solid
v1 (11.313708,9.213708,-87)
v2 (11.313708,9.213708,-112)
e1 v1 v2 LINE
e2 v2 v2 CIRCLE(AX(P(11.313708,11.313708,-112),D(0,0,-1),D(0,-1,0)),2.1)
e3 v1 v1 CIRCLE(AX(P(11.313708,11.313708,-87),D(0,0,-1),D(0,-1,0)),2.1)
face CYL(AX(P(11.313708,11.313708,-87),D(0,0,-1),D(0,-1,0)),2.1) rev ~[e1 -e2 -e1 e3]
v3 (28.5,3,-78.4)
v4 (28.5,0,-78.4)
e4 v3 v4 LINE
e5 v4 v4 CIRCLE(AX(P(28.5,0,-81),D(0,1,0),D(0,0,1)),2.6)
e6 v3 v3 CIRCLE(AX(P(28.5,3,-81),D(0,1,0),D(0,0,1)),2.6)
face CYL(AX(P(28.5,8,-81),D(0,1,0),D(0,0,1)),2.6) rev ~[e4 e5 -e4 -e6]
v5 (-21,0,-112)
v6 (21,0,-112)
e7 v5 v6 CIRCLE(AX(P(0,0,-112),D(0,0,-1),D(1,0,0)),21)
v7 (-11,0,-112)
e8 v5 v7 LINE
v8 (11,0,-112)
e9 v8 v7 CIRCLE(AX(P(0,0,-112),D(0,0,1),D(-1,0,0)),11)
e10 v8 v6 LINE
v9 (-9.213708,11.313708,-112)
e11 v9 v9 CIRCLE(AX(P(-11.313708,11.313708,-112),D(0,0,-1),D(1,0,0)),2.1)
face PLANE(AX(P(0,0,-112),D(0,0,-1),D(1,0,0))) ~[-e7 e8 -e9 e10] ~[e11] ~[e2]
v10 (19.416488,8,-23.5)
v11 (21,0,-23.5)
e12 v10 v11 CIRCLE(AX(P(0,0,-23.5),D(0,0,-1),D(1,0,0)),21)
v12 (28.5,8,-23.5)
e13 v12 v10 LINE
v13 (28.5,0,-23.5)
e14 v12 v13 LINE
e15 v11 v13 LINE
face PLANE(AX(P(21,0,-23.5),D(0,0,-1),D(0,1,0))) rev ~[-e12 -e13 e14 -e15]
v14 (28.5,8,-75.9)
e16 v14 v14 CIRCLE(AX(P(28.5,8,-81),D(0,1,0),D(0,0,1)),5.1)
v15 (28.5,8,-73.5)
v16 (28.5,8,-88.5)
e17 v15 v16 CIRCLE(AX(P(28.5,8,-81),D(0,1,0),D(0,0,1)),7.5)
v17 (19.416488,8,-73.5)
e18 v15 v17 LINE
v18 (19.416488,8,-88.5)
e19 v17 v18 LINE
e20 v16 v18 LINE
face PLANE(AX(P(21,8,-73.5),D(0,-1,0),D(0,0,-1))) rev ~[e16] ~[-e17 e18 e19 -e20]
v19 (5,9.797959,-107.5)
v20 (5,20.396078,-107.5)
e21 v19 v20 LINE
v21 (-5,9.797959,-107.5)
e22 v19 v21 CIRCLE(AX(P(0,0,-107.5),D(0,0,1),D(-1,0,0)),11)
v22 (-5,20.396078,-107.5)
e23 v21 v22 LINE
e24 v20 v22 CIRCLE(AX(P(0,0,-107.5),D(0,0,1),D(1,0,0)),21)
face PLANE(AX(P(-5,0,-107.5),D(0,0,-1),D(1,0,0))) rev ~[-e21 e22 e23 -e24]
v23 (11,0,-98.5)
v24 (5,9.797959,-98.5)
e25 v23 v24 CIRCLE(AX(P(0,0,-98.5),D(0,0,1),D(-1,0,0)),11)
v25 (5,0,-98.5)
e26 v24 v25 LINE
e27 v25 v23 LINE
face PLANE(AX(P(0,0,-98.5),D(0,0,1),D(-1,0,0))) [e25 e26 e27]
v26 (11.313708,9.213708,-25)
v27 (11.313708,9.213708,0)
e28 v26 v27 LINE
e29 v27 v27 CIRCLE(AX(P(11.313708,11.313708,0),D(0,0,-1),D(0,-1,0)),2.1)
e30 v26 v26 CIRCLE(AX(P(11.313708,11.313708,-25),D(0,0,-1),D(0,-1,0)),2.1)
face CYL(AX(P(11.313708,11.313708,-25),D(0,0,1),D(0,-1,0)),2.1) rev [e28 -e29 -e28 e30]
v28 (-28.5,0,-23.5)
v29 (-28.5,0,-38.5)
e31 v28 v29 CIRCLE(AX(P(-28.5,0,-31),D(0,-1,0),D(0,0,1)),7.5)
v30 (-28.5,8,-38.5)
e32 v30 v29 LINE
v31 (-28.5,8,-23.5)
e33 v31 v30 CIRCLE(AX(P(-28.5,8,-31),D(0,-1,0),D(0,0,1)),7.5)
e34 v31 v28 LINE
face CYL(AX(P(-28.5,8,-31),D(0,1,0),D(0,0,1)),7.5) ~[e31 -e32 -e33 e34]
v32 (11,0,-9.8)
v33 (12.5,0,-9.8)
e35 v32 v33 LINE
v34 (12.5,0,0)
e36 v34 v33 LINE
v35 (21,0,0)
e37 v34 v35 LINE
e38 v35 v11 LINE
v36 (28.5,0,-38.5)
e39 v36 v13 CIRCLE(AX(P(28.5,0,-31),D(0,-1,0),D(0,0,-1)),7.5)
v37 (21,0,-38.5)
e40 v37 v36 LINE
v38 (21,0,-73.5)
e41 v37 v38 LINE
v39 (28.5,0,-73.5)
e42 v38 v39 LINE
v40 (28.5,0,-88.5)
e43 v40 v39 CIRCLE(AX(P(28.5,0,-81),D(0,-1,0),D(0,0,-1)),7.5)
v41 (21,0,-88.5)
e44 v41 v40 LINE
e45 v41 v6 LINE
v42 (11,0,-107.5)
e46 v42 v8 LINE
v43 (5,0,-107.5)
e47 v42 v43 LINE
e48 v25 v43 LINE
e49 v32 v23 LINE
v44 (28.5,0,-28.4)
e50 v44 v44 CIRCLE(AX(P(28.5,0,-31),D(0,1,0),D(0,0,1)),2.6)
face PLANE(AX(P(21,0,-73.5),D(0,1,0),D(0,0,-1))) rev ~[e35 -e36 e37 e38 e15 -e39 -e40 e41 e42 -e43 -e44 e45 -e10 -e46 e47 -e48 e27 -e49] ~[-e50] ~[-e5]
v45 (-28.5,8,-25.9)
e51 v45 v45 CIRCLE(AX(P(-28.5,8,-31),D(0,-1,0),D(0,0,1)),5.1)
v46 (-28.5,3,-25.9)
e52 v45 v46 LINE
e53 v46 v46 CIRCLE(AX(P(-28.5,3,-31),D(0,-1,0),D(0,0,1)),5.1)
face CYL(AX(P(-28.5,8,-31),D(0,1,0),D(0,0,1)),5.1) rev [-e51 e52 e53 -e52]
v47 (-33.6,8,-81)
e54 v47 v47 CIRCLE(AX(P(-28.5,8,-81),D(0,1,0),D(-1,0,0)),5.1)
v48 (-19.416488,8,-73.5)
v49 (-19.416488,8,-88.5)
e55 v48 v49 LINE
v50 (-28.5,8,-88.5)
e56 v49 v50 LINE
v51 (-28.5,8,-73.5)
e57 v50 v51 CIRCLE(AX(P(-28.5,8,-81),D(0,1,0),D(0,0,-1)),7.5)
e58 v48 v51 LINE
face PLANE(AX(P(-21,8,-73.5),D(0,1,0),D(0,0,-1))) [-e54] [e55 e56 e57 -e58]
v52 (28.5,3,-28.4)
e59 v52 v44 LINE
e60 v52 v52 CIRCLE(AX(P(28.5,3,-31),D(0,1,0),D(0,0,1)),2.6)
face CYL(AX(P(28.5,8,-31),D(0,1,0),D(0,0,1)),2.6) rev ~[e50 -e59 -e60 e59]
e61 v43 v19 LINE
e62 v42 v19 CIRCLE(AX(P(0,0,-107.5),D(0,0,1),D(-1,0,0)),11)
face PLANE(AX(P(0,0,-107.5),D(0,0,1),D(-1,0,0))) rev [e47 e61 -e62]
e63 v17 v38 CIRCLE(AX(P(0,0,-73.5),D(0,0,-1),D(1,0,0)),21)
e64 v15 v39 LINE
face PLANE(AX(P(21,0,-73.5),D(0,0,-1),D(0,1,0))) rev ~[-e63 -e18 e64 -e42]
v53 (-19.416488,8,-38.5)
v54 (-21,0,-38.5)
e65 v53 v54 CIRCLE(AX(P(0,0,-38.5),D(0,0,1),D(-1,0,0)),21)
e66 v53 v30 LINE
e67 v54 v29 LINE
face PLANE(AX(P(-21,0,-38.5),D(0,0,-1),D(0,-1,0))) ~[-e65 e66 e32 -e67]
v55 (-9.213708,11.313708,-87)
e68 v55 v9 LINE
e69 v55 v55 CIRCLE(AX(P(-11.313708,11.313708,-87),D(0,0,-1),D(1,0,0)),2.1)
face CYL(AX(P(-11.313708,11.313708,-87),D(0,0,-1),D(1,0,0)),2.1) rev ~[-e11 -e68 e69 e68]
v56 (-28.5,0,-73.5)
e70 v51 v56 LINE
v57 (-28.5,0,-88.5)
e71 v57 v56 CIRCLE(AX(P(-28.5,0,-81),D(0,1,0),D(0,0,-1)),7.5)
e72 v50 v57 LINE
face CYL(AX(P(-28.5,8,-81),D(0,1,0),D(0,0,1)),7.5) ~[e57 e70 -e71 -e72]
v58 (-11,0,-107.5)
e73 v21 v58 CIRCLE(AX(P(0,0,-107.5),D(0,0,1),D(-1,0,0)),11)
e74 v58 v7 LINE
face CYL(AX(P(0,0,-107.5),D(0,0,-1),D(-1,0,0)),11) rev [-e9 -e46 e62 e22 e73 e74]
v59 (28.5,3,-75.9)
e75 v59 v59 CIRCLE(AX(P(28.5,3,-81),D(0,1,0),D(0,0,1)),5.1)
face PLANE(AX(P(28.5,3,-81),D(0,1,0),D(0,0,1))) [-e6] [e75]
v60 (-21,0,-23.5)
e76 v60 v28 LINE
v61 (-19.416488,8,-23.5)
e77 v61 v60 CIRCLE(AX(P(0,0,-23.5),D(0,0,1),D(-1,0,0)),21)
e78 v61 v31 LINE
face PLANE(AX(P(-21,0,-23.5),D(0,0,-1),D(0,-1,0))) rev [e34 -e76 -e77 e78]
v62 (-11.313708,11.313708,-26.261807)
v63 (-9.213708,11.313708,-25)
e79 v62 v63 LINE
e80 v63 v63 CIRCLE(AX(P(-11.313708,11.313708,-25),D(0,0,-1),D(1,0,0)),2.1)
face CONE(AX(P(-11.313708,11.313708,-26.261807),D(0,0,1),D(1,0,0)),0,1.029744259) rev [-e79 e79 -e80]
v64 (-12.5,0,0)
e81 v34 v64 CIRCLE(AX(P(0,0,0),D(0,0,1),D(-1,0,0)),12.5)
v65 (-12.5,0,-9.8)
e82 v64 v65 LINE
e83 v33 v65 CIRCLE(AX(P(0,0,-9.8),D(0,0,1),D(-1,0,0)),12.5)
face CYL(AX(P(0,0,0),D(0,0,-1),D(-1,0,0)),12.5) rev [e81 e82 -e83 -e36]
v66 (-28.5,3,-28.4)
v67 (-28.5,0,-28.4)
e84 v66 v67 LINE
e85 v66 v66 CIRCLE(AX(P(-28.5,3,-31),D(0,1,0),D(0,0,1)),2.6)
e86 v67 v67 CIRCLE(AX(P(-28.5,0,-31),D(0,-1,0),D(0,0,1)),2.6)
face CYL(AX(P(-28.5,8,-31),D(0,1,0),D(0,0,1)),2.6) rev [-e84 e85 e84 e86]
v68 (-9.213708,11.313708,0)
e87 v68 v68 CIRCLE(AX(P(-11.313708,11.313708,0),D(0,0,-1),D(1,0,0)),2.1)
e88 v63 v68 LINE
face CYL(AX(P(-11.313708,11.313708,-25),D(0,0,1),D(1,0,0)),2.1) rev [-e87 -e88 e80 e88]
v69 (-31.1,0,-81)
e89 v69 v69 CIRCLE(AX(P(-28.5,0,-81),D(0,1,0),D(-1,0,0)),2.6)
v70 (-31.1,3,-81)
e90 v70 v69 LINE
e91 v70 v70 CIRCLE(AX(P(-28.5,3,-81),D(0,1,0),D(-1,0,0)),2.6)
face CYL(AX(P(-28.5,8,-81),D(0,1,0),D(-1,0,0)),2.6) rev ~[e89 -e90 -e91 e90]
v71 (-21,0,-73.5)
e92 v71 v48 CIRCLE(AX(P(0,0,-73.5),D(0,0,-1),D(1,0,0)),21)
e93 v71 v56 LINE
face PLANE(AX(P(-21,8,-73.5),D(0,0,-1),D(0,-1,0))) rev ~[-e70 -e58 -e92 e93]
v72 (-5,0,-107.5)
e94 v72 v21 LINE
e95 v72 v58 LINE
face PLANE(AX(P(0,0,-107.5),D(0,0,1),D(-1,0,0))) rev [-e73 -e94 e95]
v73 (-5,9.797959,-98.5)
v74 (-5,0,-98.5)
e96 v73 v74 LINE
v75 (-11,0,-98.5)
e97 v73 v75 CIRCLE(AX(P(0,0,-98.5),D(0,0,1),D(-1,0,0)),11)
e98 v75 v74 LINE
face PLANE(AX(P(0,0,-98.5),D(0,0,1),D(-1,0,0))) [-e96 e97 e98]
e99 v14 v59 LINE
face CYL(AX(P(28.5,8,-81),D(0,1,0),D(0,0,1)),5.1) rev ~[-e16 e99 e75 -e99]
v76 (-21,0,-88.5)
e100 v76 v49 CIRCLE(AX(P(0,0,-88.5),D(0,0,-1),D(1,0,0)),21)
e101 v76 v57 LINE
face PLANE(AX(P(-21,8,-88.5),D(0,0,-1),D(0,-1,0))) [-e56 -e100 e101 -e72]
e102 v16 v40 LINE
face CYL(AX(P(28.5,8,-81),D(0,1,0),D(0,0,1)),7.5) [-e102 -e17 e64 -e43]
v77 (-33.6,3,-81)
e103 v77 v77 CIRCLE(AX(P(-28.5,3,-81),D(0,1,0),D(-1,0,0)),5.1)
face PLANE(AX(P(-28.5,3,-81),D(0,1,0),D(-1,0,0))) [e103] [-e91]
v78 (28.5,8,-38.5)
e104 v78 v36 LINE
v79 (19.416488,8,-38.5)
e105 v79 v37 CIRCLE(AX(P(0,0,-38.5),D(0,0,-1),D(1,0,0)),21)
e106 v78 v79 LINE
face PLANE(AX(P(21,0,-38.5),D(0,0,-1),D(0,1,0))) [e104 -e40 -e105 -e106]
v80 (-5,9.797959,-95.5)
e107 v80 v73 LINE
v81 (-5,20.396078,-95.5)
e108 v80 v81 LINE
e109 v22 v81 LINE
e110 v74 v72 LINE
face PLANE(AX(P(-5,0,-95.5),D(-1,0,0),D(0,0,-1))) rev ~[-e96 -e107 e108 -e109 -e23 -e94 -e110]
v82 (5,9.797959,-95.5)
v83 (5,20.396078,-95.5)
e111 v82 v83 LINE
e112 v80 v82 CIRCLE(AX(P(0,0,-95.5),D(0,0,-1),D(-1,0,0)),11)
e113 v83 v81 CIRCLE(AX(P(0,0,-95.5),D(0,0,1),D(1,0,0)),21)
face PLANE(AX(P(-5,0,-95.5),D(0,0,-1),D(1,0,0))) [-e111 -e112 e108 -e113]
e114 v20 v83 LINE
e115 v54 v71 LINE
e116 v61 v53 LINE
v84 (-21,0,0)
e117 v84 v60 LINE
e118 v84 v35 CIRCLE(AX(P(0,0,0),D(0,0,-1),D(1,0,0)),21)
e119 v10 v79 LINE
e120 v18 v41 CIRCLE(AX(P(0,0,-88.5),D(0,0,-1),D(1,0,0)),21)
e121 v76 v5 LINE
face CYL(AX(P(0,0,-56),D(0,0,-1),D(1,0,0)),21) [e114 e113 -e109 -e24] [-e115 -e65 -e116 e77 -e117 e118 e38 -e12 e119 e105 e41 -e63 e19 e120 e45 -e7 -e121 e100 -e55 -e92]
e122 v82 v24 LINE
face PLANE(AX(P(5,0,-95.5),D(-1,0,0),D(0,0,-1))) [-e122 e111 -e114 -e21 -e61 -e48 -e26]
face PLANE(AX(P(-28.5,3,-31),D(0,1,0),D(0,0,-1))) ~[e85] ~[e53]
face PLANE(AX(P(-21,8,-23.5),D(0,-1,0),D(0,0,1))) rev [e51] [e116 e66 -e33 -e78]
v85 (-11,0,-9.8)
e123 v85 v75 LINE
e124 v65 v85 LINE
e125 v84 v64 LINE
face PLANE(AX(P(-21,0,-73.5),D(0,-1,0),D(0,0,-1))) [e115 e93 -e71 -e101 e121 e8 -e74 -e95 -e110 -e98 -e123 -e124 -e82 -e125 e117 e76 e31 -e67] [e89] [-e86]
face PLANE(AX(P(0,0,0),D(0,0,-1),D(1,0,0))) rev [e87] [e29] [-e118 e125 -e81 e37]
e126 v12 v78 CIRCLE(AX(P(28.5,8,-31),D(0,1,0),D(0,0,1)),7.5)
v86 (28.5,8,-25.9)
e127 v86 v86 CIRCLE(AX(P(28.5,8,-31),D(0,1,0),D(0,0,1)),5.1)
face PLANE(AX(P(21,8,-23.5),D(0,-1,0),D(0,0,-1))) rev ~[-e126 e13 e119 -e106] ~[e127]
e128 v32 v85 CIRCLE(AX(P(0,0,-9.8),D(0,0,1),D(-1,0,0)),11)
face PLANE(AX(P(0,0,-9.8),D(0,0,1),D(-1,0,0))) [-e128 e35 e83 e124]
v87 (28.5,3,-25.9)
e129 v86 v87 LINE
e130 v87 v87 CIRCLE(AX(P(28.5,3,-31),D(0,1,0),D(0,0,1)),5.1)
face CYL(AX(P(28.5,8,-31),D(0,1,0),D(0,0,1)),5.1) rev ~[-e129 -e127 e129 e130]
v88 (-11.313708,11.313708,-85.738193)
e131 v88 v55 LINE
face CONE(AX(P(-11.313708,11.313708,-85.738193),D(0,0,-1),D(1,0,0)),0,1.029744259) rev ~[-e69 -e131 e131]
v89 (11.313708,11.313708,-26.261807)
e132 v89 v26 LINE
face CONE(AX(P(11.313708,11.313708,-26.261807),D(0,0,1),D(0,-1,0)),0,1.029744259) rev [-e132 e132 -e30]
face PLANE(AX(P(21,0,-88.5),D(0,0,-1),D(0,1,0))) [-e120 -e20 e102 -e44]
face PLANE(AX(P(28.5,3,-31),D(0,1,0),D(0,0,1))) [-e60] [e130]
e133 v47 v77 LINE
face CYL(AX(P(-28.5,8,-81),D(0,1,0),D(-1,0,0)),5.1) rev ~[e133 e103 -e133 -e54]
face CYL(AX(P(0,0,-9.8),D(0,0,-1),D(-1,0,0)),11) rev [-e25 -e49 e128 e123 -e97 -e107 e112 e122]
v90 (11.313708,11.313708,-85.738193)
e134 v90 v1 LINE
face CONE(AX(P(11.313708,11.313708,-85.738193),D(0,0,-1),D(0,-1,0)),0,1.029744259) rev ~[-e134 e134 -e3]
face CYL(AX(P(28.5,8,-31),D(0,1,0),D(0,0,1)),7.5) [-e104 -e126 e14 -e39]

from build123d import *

# Parameters (mm, degrees)
SKETCH_1_W                  = 21
SKETCH_1_H                  = 112
CUT_EXTRUDE_1_REACH         = 117.871
SKETCH_3_W                  = 42
SKETCH_3_H                  = 25
SKETCH_4_W                  = 15
SKETCH_4_H                  = 8
EXTRUDE_1_DEPTH             = 15
EXTRUDE_1_DIRECTION_2_REACH = 123.445
CUT_EXTRUDE_2_DEPTH         = 8
SKETCH_6_R                  = 2.6
CUT_EXTRUDE_3_DEPTH         = 8
SKETCH_7_R                  = 5.1
CUT_EXTRUDE_4_DEPTH         = 5
PATTERN_LINEAR_1_COUNT      = 2
PATTERN_LINEAR_1_PITCH      = 50
MIRROR_1_COPY_1_SKETCH_W    = 15
MIRROR_1_COPY_1_SKETCH_H    = 8
MIRROR_1_COPY_1_DEPTH       = 15
MIRROR_1_COPY_2_REACH       = 123.445
MIRROR_1_COPY_2_SKETCH_W    = 15
MIRROR_1_COPY_2_SKETCH_H    = 8
MIRROR_1_COPY_3_DEPTH       = 8
MIRROR_1_COPY_4_SKETCH_R    = 2.6
MIRROR_1_COPY_4_DEPTH       = 8
MIRROR_1_COPY_5_SKETCH_R    = 5.1
MIRROR_1_COPY_5_DEPTH       = 5
PATTERN_CIRCULAR_1_COUNT    = 2
PATTERN_CIRCULAR_1_ANGLE    = 90
CUT_EXTRUDE_6_REACH         = 121.503
CUT_EXTRUDE_6_END_RADIUS    = 21
SKETCH_9_W                  = 10
SKETCH_9_H                  = 12


with BuildPart() as part:
    # Эскиз1 → Повернуть1 (revolve)
    with BuildSketch(Plane(origin=(0, 0, 0), x_dir=(1, 0, 0), z_dir=(0, 1, 0))):
        with Locations((10.5, 56)):
            Rectangle(SKETCH_1_W, SKETCH_1_H)
    revolve(axis=Axis((0, 0, 0), (0, 0, -1)))

    # Эскиз2 → Вырез-Повернуть1 (revolve, cut)
    with BuildSketch(Plane(origin=(0, 0, 0), x_dir=(1, 0, 0), z_dir=(0, 1, 0)), mode=Mode.PRIVATE) as cut_revolve_1_sk:
        Polygon((0, 0), (12.5, 0), (12.5, 9.8), (11, 9.8), (11, 98.5), (5, 98.5), (5, 107.5), (11, 107.5), (11, 112), (0, 112), align=None)
    revolve(cut_revolve_1_sk.sketch.rotate(Axis((0, 0, -112), (0, 0, 1)), 180), axis=Axis((0, 0, -112), (0, 0, 1)), mode=Mode.SUBTRACT)

    # Вырез-Вытянуть1: up to this face of the body (flat: up to its plane)
    cut_extrude_1_end = Plane(part.part.faces().sort_by_distance((-20.406030304, 0, -112))[0])
    # Эскиз3 → Вырез-Вытянуть1 (cut, up to the picked face)
    with BuildSketch(Plane.XY, mode=Mode.PRIVATE) as cut_extrude_1_sk1:
        with Locations((0, -12.5)):
            Rectangle(SKETCH_3_W, SKETCH_3_H)
    cut_extrude_1_tool1 = split(extrude(cut_extrude_1_sk1.sketch, amount=-CUT_EXTRUDE_1_REACH, mode=Mode.PRIVATE), bisect_by=cut_extrude_1_end, keep=Keep.BOTH, mode=Mode.PRIVATE)
    add(cut_extrude_1_tool1.solids().sort_by(Axis((0, -12.5, 0), (0, 0, -1)))[0], mode=Mode.SUBTRACT)

    # Эскиз4 → Бобышка-Вытянуть1 (add)
    with BuildSketch(Plane(origin=(21, 0, 0), x_dir=(0, 0, -1), z_dir=(1, 0, 0))):
        with Locations((31, 4)):
            Rectangle(SKETCH_4_W, SKETCH_4_H)
    extrude_1 = extrude(amount=EXTRUDE_1_DEPTH)

    # Эскиз4 → Бобышка-Вытянуть1 direction 2 (add, up to next)
    with BuildSketch(Plane(origin=(21, 0, 0), x_dir=(0, 0, -1), z_dir=(1, 0, 0)), mode=Mode.PRIVATE) as extrude_1_direction_2_sk1:
        with Locations((31, 4)):
            Rectangle(SKETCH_4_W, SKETCH_4_H)
    extrude_1_direction_2_tool1 = extrude(extrude_1_direction_2_sk1.sketch, amount=-EXTRUDE_1_DIRECTION_2_REACH, mode=Mode.PRIVATE) - part.part
    extrude_1_direction_2 = extrude_1_direction_2_tool1.solids().sort_by_distance((21, 4, -31))[0]
    add(extrude_1_direction_2)

    # Эскиз5 → Вырез-Вытянуть2 (cut)
    with BuildSketch(Plane(origin=(0, 8, 0), x_dir=(1, 0, 0), z_dir=(0, 1, 0))):
        with BuildLine():
            Line((28.5, 38.5), (43.5, 38.5))
            Line((43.5, 38.5), (43.5, 23.5))
            Line((43.5, 23.5), (28.5, 23.5))
            ThreePointArc((28.5, 23.5), (36, 31), (28.5, 38.5))
        make_face()
    cut_extrude_2 = extrude(amount=-CUT_EXTRUDE_2_DEPTH, mode=Mode.SUBTRACT)

    # Эскиз6 → Вырез-Вытянуть3 (cut)
    with BuildSketch(Plane(origin=(0, 8, 0), x_dir=(1, 0, 0), z_dir=(0, 1, 0))):
        with Locations(Location((28.5, 31, 0), (0, 0, 270))):
            Circle(SKETCH_6_R)
    cut_extrude_3 = extrude(amount=-CUT_EXTRUDE_3_DEPTH, mode=Mode.SUBTRACT)

    # Эскиз7 → Вырез-Вытянуть4 (cut)
    with BuildSketch(Plane(origin=(0, 8, 0), x_dir=(1, 0, 0), z_dir=(0, 1, 0))):
        with Locations(Location((28.5, 31, 0), (0, 0, 270))):
            Circle(SKETCH_7_R)
    cut_extrude_4 = extrude(amount=-CUT_EXTRUDE_4_DEPTH, mode=Mode.SUBTRACT)

    # Линейный массив1: Бобышка-Вытянуть1, Бобышка-Вытянуть1 direction 2, Вырез-Вытянуть2, Вырез-Вытянуть3, Вырез-Вытянуть4 ×2
    with Locations(*[(0, 0, -i * PATTERN_LINEAR_1_PITCH) for i in range(1, PATTERN_LINEAR_1_COUNT)]):
        add(extrude_1)
        add(extrude_1_direction_2)
        add(cut_extrude_2, mode=Mode.SUBTRACT)
        add(cut_extrude_3, mode=Mode.SUBTRACT)
        add(cut_extrude_4, mode=Mode.SUBTRACT)

    # Зеркальное отражение1: Бобышка-Вытянуть1, Бобышка-Вытянуть1 direction 2, Вырез-Вытянуть2, Вырез-Вытянуть3, Вырез-Вытянуть4 across plane
    add(extrude_1.mirror(Plane(origin=(0, 0, 0), x_dir=(0, 0, 1), z_dir=(1, 0, 0))))
    add(extrude_1_direction_2.mirror(Plane(origin=(0, 0, 0), x_dir=(0, 0, 1), z_dir=(1, 0, 0))))
    add(cut_extrude_2.mirror(Plane(origin=(0, 0, 0), x_dir=(0, 0, 1), z_dir=(1, 0, 0))), mode=Mode.SUBTRACT)
    add(cut_extrude_3.mirror(Plane(origin=(0, 0, 0), x_dir=(0, 0, 1), z_dir=(1, 0, 0))), mode=Mode.SUBTRACT)
    add(cut_extrude_4.mirror(Plane(origin=(0, 0, 0), x_dir=(0, 0, 1), z_dir=(1, 0, 0))), mode=Mode.SUBTRACT)

    # Зеркальное отражение1 copy 1 sketch → Зеркальное отражение1 copy 1 (add)
    with BuildSketch(Plane(origin=(-21, 0, -50), x_dir=(0, 0, -1), z_dir=(-1, 0, 0))):
        with Locations((31, -4)):
            Rectangle(MIRROR_1_COPY_1_SKETCH_W, MIRROR_1_COPY_1_SKETCH_H)
    extrude(amount=MIRROR_1_COPY_1_DEPTH)

    # Зеркальное отражение1 copy 2 sketch → Зеркальное отражение1 copy 2 (add, up to next)
    with BuildSketch(Plane(origin=(-21, 0, -50), x_dir=(0, 0, -1), z_dir=(-1, 0, 0)), mode=Mode.PRIVATE) as mirror_1_copy_2_sk1:
        with Locations((31, -4)):
            Rectangle(MIRROR_1_COPY_2_SKETCH_W, MIRROR_1_COPY_2_SKETCH_H)
    mirror_1_copy_2_tool1 = extrude(mirror_1_copy_2_sk1.sketch, amount=-MIRROR_1_COPY_2_REACH, mode=Mode.PRIVATE) - part.part
    add(mirror_1_copy_2_tool1.solids().sort_by_distance((-21, 4, -81))[0])

    # Зеркальное отражение1 copy 3 sketch → Зеркальное отражение1 copy 3 (cut)
    with BuildSketch(Plane(origin=(0, 8, -50), x_dir=(-1, 0, 0), z_dir=(0, 1, 0))):
        with BuildLine():
            Line((28.5, -38.5), (43.5, -38.5))
            Line((43.5, -38.5), (43.5, -23.5))
            Line((43.5, -23.5), (28.5, -23.5))
            ThreePointArc((28.5, -23.5), (36, -31), (28.5, -38.5))
        make_face()
    extrude(amount=-MIRROR_1_COPY_3_DEPTH, mode=Mode.SUBTRACT)

    # Зеркальное отражение1 copy 4 sketch → Зеркальное отражение1 copy 4 (cut)
    with BuildSketch(Plane(origin=(0, 8, -50), x_dir=(-1, 0, 0), z_dir=(0, 1, 0))):
        with Locations((28.5, -31)):
            Circle(MIRROR_1_COPY_4_SKETCH_R)
    extrude(amount=-MIRROR_1_COPY_4_DEPTH, mode=Mode.SUBTRACT)

    # Зеркальное отражение1 copy 5 sketch → Зеркальное отражение1 copy 5 (cut)
    with BuildSketch(Plane(origin=(0, 8, -50), x_dir=(-1, 0, 0), z_dir=(0, 1, 0))):
        with Locations((28.5, -31)):
            Circle(MIRROR_1_COPY_5_SKETCH_R)
    extrude(amount=-MIRROR_1_COPY_5_DEPTH, mode=Mode.SUBTRACT)

    # Эскиз8 → Сверление под метчик M51 (revolve, cut)
    with BuildSketch(Plane(origin=(11.313708499, 11.313708499, 0), x_dir=(0, -1, 0), z_dir=(1, 0, 0))):
        Polygon((0, 0), (0, 26.2618073), (2.1, 25), (2.1, 0), align=None)
    hole_wizard_m51 = revolve(axis=Axis((11.313708499, 11.313708499, 6.35), (0, 0, -1)), mode=Mode.SUBTRACT)

    # Круговой массив1: Сверление под метчик M51 ×2 about axis
    pattern_circular_1_axis = Axis((0, 0, 0), (0, 0, 1))
    for i in range(1, PATTERN_CIRCULAR_1_COUNT):
        add(hole_wizard_m51.rotate(pattern_circular_1_axis, i * PATTERN_CIRCULAR_1_ANGLE / (PATTERN_CIRCULAR_1_COUNT - 1)), mode=Mode.SUBTRACT)

    # Зеркальное отражение2: Сверление под метчик M51 across plane
    add(hole_wizard_m51.mirror(Plane.XY.offset(-56)), mode=Mode.SUBTRACT)

    # Зеркальное отражение2 copy 1 sketch → Зеркальное отражение2 copy 1 (revolve, cut)
    with BuildSketch(Plane(origin=(-11.313708499, 11.313708499, -112), x_dir=(1, 0, 0), z_dir=(0, 1, 0))):
        Polygon((0, 0), (0, -26.2618073), (2.1, -25), (2.1, 0), align=None)
    revolve(axis=Axis((-11.313708499, 11.313708499, -118.35), (0, 0, -1)), mode=Mode.SUBTRACT)

    # Вырез-Вытянуть6: up to this cylinder (the profile starts inside it)
    cut_extrude_6_end = Plane(origin=(0, 0, -101.5), z_dir=(0, 0, 1)) * Cylinder(CUT_EXTRUDE_6_END_RADIUS, 286.006, mode=Mode.PRIVATE)
    # Эскиз9 → Вырез-Вытянуть6 (cut, up to the surface)
    with BuildSketch(Plane(origin=(0, 0, 0), x_dir=(1, 0, 0), z_dir=(0, 1, 0)), mode=Mode.PRIVATE) as cut_extrude_6_sk1:
        with Locations((0, 101.5)):
            Rectangle(SKETCH_9_W, SKETCH_9_H)
    cut_extrude_6_tool1 = extrude(cut_extrude_6_sk1.sketch, amount=CUT_EXTRUDE_6_REACH, mode=Mode.PRIVATE) & cut_extrude_6_end
    add(cut_extrude_6_tool1.solids().sort_by_distance((0, 0, -101.5))[0], mode=Mode.SUBTRACT)


solid = part.part
